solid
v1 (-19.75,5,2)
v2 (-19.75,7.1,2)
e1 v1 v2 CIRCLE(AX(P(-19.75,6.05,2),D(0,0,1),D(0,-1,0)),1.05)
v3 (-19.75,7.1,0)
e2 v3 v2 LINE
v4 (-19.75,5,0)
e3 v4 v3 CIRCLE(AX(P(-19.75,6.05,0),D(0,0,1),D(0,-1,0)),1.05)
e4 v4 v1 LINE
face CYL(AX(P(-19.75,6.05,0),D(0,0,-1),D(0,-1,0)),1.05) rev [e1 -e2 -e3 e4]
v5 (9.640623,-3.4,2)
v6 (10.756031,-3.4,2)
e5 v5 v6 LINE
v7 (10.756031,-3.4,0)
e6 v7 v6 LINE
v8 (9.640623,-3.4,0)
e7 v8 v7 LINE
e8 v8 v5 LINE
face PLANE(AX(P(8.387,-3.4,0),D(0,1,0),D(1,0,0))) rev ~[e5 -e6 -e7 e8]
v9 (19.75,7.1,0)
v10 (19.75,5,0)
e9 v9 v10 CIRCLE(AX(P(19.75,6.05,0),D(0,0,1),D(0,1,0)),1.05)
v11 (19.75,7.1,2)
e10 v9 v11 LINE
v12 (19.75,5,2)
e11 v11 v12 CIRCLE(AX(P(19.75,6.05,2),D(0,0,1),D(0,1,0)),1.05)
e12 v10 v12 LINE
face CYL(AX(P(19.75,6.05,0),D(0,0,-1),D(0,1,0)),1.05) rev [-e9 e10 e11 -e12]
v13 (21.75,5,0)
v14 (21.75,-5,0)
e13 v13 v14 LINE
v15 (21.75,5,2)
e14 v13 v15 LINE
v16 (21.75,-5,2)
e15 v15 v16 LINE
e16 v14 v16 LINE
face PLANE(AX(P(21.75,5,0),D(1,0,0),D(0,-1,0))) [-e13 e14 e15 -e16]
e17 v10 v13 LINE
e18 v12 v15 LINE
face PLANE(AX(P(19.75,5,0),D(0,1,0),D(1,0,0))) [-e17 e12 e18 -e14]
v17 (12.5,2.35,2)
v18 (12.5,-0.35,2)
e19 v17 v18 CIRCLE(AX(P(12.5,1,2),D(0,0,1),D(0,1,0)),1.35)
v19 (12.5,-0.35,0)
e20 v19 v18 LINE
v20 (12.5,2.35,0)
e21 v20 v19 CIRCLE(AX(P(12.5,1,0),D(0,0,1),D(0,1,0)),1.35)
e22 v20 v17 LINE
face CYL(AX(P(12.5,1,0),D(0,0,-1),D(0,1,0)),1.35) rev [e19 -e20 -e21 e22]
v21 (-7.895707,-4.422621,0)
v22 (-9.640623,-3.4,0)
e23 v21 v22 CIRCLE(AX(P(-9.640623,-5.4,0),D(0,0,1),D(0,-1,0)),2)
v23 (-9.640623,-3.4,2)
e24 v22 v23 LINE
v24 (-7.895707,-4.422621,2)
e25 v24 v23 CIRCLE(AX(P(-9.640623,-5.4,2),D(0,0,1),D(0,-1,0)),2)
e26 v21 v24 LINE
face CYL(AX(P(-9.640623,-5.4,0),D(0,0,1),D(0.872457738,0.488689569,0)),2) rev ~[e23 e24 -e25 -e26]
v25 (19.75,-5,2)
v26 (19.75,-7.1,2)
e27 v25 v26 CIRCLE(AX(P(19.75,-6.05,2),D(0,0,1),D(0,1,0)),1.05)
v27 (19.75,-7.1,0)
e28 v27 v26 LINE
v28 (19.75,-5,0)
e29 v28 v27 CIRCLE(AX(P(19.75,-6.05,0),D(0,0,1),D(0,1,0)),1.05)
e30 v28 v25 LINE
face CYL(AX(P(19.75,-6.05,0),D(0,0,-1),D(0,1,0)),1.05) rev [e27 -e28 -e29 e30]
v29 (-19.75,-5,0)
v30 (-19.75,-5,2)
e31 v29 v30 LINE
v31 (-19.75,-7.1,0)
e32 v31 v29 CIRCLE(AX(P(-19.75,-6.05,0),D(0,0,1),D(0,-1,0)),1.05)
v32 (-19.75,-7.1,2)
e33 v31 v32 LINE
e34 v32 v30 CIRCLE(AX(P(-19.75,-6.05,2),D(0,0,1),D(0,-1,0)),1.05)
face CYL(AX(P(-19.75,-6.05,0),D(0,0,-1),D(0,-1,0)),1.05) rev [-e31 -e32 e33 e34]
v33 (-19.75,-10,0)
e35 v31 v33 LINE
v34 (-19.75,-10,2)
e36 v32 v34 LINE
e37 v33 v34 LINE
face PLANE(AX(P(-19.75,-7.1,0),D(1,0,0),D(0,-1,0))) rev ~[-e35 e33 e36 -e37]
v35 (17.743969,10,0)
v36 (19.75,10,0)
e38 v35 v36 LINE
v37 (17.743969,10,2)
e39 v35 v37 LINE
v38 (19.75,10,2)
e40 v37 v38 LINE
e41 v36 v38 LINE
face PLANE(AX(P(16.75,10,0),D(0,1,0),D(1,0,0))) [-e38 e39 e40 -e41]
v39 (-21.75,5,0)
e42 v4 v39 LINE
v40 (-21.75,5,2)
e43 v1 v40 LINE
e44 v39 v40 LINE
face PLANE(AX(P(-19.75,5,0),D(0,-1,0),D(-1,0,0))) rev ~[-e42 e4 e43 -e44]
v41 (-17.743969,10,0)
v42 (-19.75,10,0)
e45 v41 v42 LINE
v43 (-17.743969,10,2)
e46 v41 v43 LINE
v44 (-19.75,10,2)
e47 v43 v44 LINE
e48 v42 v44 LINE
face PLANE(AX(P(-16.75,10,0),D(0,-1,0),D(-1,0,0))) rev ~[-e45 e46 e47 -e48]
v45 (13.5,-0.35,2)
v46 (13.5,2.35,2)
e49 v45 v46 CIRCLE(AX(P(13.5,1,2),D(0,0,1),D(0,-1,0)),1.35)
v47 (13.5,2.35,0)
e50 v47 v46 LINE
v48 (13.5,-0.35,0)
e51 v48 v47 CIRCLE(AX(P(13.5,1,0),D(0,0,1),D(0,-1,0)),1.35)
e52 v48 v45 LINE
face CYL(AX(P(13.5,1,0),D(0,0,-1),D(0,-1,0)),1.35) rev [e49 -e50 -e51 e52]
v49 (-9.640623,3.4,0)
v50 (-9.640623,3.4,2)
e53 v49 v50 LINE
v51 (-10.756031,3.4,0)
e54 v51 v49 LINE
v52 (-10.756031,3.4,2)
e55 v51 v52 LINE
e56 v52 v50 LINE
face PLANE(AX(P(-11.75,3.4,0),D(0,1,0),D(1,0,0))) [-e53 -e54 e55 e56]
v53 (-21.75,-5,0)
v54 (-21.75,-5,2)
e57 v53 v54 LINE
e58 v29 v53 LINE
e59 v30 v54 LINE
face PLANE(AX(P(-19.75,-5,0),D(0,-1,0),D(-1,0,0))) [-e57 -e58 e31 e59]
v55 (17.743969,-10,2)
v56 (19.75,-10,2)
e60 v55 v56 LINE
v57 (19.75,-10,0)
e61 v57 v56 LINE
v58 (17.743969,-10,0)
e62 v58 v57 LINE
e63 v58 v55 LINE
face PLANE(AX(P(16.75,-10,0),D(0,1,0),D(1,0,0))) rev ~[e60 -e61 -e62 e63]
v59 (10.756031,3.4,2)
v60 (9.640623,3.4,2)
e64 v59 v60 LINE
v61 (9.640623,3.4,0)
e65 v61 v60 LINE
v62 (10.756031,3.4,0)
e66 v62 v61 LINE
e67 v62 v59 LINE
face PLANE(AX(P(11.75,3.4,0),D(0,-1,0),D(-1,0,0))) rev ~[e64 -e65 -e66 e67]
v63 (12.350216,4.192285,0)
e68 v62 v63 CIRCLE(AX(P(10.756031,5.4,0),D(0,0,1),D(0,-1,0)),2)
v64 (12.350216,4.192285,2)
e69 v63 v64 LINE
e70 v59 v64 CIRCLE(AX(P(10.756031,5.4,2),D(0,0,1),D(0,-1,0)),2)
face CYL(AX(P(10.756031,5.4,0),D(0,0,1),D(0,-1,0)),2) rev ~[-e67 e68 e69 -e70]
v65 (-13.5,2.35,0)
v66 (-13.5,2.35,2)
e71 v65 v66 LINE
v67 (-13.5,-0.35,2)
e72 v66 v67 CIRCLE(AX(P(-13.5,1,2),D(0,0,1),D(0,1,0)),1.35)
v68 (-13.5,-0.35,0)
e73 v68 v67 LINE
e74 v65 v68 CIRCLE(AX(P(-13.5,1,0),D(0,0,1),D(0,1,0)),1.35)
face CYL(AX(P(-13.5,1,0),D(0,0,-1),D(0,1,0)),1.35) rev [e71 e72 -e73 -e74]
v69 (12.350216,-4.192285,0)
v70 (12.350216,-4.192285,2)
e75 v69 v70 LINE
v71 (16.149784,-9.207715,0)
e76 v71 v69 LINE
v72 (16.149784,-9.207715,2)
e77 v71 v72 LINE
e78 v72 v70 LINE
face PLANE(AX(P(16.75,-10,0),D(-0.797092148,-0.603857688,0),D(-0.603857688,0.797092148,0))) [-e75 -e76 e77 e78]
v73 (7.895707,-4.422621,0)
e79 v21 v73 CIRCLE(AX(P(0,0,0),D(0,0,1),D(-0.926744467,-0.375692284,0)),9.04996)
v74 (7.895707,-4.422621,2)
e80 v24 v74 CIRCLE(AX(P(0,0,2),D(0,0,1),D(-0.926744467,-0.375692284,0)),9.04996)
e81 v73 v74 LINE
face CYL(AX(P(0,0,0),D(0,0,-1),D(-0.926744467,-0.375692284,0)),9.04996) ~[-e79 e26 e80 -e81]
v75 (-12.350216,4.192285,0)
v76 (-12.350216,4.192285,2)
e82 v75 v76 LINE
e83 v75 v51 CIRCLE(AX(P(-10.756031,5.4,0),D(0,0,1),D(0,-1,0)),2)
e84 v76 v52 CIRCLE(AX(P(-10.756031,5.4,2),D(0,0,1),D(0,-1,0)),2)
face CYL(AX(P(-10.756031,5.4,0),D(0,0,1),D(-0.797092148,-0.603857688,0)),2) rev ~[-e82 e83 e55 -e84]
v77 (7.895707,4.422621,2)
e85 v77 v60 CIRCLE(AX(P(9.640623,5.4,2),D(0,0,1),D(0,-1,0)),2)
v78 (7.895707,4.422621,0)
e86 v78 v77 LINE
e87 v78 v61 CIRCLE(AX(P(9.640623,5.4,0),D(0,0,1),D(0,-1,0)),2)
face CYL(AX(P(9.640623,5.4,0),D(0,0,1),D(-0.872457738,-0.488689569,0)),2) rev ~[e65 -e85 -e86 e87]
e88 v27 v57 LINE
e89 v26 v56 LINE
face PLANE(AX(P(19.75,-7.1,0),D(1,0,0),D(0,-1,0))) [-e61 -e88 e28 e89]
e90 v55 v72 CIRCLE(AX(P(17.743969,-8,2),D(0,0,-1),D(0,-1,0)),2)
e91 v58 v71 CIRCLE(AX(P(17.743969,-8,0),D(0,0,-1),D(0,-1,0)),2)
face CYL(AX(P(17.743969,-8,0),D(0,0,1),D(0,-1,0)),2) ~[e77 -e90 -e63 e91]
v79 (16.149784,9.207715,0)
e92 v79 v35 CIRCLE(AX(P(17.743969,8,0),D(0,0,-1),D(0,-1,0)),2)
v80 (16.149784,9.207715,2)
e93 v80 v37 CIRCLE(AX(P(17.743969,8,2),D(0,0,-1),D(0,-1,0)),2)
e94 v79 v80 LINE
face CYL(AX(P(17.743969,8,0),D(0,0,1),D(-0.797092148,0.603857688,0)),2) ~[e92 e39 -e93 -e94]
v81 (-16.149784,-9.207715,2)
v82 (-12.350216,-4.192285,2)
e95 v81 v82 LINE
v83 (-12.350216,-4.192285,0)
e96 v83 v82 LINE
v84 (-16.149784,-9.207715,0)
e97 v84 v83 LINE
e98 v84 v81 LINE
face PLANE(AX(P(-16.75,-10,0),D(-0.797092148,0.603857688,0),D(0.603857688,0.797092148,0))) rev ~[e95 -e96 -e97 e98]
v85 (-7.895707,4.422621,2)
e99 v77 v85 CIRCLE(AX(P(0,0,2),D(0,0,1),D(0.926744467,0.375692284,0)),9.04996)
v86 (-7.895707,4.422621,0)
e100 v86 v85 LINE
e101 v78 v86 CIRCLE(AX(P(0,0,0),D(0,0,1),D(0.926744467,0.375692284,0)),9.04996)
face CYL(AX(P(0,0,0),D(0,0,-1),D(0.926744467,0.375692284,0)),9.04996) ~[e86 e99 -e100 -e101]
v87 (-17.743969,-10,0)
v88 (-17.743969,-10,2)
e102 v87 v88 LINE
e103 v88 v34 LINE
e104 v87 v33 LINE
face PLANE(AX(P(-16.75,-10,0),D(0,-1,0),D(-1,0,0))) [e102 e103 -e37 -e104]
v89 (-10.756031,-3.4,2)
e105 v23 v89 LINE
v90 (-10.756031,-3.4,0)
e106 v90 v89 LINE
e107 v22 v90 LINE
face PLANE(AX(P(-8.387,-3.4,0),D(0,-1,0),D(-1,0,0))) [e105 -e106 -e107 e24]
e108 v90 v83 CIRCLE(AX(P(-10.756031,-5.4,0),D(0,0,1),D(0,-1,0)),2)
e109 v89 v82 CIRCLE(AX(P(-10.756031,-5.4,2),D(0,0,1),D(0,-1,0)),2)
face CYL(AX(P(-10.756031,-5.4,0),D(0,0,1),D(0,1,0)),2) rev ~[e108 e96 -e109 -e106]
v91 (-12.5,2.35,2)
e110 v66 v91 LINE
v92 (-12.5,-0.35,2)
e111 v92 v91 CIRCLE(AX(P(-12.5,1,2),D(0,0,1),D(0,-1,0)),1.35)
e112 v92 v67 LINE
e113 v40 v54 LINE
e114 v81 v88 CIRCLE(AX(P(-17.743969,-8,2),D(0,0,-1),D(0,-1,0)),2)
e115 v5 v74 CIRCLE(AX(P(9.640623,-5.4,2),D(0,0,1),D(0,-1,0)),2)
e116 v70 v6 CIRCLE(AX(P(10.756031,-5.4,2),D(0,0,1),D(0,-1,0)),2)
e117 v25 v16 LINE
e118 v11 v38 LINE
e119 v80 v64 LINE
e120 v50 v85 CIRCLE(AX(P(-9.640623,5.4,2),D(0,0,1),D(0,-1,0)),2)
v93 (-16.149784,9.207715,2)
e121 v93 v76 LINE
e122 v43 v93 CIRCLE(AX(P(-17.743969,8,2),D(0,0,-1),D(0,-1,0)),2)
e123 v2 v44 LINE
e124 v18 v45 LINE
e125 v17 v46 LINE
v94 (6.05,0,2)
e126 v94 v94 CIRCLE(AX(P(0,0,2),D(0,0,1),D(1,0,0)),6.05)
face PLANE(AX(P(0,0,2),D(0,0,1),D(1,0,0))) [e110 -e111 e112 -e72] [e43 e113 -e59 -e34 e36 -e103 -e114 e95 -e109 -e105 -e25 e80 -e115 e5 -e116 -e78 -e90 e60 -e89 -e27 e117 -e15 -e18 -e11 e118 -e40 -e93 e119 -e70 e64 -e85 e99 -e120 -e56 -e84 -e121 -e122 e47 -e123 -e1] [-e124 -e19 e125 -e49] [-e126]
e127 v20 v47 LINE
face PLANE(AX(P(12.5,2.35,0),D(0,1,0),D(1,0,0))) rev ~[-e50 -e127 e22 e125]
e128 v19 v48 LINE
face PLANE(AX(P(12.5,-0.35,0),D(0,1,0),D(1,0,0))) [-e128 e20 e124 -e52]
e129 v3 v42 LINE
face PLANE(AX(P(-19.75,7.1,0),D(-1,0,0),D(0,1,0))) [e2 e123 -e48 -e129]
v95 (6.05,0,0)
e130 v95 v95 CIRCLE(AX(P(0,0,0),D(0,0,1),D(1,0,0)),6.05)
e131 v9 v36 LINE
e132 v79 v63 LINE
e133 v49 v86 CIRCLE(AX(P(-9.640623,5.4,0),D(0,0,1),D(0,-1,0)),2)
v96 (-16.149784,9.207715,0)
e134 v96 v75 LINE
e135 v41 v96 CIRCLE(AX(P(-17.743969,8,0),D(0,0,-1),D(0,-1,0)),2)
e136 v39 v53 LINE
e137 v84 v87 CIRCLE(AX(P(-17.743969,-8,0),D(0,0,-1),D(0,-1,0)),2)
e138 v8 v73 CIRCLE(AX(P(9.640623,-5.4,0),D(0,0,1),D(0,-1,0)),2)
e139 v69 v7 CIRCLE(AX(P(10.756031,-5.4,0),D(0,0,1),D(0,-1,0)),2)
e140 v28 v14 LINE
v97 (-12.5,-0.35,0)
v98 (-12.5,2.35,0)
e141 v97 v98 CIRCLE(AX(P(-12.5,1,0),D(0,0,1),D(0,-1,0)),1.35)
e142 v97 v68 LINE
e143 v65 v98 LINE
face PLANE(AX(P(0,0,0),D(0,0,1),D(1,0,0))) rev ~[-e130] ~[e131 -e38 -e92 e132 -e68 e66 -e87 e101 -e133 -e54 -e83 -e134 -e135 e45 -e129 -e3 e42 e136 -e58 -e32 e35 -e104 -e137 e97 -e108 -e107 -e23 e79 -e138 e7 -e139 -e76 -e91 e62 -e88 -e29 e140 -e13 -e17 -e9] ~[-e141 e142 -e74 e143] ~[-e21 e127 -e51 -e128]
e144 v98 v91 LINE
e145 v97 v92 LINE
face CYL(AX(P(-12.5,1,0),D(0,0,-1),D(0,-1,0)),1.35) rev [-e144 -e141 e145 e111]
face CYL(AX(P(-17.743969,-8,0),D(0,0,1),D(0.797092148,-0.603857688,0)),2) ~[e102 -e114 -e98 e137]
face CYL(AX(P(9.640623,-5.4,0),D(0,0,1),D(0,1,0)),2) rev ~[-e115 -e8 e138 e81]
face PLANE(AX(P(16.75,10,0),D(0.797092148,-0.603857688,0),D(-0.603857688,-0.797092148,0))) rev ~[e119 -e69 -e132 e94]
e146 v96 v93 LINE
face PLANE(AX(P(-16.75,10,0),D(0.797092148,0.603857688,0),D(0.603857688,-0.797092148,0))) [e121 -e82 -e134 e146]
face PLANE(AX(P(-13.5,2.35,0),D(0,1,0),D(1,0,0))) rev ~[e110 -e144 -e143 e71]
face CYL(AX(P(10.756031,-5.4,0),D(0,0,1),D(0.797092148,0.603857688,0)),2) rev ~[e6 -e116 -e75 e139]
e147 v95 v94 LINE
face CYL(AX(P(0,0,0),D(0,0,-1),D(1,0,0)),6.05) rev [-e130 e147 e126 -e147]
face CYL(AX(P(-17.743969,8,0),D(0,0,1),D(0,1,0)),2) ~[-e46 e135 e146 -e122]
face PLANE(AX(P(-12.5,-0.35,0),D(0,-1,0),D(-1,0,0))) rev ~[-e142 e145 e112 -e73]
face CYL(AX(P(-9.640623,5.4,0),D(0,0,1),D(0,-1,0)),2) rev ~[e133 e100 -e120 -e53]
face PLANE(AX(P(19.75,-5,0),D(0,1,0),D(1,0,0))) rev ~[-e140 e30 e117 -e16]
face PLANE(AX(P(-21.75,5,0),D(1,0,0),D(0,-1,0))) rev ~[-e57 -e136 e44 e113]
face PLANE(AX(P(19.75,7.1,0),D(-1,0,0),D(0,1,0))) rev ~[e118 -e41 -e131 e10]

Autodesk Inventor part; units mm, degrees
ref_plane "YZ Plane" through (0, 0, 0) normal (1, 0, 0) x (0, 1, 0)
ref_plane "XZ Plane" through (0, 0, 0) normal (0, 1, 0) x (-1, 0, 0)
ref_plane "XY Plane" through (0, 0, 0) normal (0, 0, 1) x (1, 0, 0)
sketch "スケッチ1" plane through (0, 0, 0) normal (0, 0, 1) x (1, 0, 0)
  line L0 (-19.75, 10) -> (19.75, 10) construction
  line L1 (19.75, 10) -> (19.75, -10) construction
  line L2 (19.75, -10) -> (-19.75, -10) construction
  line L3 (-19.75, -10) -> (-19.75, 10) construction
  line L4 (-19.75, 10) -> (19.75, -10) construction
  line L5 (19.75, 10) -> (-19.75, -10) construction
  line L6 (-19.75, 5) -> (-21.75, 5)
  line L7 (-21.75, 5) -> (-21.75, -5)
  line L8 (-19.75, 0) -> (19.75, 0) construction
  line L9 (0, 10) -> (0, -10) construction
  arc A0 (-19.75, 5) -> (-19.75, 7.1) centre (-19.75, 6.05) ccw
  line L10 (-16.75, 10) -> (-11.75, 3.4)
  line L11 (-19.75, -5) -> (-21.75, -5)
  arc A1 (-19.75, -7.1) -> (-19.75, -5) centre (-19.75, -6.05) ccw
  line L12 (-16.75, -10) -> (-11.75, -3.4)
  line L13 (-19.75, 7.1) -> (-19.75, 10)
  line L14 (-16.75, 10) -> (-19.75, 10)
  line L15 (-16.75, -10) -> (-19.75, -10)
  line L16 (-19.75, -7.1) -> (-19.75, -10)
  line L17 (19.75, 5) -> (21.75, 5)
  line L18 (21.75, 5) -> (21.75, -5)
  arc A2 (19.75, 7.1) -> (19.75, 5) centre (19.75, 6.05) ccw
  line L19 (16.75, 10) -> (11.75, 3.4)
  line L20 (19.75, -5) -> (21.75, -5)
  arc A3 (19.75, -5) -> (19.75, -7.1) centre (19.75, -6.05) ccw
  line L21 (16.75, -10) -> (11.75, -3.4)
  line L22 (19.75, 7.1) -> (19.75, 10)
  line L23 (16.75, 10) -> (19.75, 10)
  line L24 (16.75, -10) -> (19.75, -10)
  line L25 (19.75, -7.1) -> (19.75, -10)
  arc A4 (8.387, 3.4) -> (-8.387, 3.4) centre (0, 0) ccw
  arc A5 (-8.387, -3.4) -> (8.387, -3.4) centre (0, 0) ccw
  line L26 (-11.75, 3.4) -> (-8.387, 3.4)
  line L27 (-8.387, -3.4) -> (-11.75, -3.4)
  line L28 (8.387, -3.4) -> (11.75, -3.4)
  line L29 (11.75, 3.4) -> (8.387, 3.4)
  circle A6 centre (0, 0) radius 6 construction
  circle A7 centre (0, 0) radius 6.05
  arc A8 (-13.5, 2.35) -> (-13.5, -0.35) centre (-13.5, 1) ccw
  line L30 (-13.5, 1) -> (13.5, 1) construction
  line L31 (-13.5, 2.35) -> (-12.5, 2.35)
  line L32 (-12.5, -0.35) -> (-13.5, -0.35)
  arc A9 (-12.5, -0.35) -> (-12.5, 2.35) centre (-12.5, 1) ccw
  circle A10 centre (-13.5, 1) radius 2.4 construction
  arc A11 (13.5, -0.35) -> (13.5, 2.35) centre (13.5, 1) ccw
  arc A12 (12.5, 2.35) -> (12.5, -0.35) centre (12.5, 1) ccw
  line L33 (12.5, 2.35) -> (13.5, 2.35)
  line L34 (12.5, -0.35) -> (13.5, -0.35)
  point P0 (0, 0)
  point P1 (0, 1)
  dimension "d0" = 39.5
  dimension "d4" = 2
  dimension "d5" = 10
  dimension "d6" = 1.05
  dimension "d7" = 3
  dimension "d9" = 5
  dimension "d11" = 8
  dimension "d26" = 12
  dimension "d27" = 0.05
  dimension "d28" = 12.1
  dimension "d30" = 27
  dimension "d32" = 1
  dimension "d33" = 1.35
  dimension "d34" = 1
  dimension "d35" = 4.8
  dimension "d36" = 3
extrude "押し出し1" add sketch "スケッチ1" along normal blind 2
fillet "フィレット1" radius 2 12 edges at (-11.75, 3.4, 1) (-11.75, -3.4, 1) (-16.75, 10, 1) (-16.75, -10, 1) (-8.387, -3.4, 1) (-8.387, 3.4, 1) (8.387, 3.4, 1) (8.387, -3.4, 1) (11.75, 3.4, 1) (11.75, -3.4, 1) (16.75, 10, 1) (16.75, -10, 1)
properties part number "Ankle_middle_frame" material "アルミニウム 2014-T4"
